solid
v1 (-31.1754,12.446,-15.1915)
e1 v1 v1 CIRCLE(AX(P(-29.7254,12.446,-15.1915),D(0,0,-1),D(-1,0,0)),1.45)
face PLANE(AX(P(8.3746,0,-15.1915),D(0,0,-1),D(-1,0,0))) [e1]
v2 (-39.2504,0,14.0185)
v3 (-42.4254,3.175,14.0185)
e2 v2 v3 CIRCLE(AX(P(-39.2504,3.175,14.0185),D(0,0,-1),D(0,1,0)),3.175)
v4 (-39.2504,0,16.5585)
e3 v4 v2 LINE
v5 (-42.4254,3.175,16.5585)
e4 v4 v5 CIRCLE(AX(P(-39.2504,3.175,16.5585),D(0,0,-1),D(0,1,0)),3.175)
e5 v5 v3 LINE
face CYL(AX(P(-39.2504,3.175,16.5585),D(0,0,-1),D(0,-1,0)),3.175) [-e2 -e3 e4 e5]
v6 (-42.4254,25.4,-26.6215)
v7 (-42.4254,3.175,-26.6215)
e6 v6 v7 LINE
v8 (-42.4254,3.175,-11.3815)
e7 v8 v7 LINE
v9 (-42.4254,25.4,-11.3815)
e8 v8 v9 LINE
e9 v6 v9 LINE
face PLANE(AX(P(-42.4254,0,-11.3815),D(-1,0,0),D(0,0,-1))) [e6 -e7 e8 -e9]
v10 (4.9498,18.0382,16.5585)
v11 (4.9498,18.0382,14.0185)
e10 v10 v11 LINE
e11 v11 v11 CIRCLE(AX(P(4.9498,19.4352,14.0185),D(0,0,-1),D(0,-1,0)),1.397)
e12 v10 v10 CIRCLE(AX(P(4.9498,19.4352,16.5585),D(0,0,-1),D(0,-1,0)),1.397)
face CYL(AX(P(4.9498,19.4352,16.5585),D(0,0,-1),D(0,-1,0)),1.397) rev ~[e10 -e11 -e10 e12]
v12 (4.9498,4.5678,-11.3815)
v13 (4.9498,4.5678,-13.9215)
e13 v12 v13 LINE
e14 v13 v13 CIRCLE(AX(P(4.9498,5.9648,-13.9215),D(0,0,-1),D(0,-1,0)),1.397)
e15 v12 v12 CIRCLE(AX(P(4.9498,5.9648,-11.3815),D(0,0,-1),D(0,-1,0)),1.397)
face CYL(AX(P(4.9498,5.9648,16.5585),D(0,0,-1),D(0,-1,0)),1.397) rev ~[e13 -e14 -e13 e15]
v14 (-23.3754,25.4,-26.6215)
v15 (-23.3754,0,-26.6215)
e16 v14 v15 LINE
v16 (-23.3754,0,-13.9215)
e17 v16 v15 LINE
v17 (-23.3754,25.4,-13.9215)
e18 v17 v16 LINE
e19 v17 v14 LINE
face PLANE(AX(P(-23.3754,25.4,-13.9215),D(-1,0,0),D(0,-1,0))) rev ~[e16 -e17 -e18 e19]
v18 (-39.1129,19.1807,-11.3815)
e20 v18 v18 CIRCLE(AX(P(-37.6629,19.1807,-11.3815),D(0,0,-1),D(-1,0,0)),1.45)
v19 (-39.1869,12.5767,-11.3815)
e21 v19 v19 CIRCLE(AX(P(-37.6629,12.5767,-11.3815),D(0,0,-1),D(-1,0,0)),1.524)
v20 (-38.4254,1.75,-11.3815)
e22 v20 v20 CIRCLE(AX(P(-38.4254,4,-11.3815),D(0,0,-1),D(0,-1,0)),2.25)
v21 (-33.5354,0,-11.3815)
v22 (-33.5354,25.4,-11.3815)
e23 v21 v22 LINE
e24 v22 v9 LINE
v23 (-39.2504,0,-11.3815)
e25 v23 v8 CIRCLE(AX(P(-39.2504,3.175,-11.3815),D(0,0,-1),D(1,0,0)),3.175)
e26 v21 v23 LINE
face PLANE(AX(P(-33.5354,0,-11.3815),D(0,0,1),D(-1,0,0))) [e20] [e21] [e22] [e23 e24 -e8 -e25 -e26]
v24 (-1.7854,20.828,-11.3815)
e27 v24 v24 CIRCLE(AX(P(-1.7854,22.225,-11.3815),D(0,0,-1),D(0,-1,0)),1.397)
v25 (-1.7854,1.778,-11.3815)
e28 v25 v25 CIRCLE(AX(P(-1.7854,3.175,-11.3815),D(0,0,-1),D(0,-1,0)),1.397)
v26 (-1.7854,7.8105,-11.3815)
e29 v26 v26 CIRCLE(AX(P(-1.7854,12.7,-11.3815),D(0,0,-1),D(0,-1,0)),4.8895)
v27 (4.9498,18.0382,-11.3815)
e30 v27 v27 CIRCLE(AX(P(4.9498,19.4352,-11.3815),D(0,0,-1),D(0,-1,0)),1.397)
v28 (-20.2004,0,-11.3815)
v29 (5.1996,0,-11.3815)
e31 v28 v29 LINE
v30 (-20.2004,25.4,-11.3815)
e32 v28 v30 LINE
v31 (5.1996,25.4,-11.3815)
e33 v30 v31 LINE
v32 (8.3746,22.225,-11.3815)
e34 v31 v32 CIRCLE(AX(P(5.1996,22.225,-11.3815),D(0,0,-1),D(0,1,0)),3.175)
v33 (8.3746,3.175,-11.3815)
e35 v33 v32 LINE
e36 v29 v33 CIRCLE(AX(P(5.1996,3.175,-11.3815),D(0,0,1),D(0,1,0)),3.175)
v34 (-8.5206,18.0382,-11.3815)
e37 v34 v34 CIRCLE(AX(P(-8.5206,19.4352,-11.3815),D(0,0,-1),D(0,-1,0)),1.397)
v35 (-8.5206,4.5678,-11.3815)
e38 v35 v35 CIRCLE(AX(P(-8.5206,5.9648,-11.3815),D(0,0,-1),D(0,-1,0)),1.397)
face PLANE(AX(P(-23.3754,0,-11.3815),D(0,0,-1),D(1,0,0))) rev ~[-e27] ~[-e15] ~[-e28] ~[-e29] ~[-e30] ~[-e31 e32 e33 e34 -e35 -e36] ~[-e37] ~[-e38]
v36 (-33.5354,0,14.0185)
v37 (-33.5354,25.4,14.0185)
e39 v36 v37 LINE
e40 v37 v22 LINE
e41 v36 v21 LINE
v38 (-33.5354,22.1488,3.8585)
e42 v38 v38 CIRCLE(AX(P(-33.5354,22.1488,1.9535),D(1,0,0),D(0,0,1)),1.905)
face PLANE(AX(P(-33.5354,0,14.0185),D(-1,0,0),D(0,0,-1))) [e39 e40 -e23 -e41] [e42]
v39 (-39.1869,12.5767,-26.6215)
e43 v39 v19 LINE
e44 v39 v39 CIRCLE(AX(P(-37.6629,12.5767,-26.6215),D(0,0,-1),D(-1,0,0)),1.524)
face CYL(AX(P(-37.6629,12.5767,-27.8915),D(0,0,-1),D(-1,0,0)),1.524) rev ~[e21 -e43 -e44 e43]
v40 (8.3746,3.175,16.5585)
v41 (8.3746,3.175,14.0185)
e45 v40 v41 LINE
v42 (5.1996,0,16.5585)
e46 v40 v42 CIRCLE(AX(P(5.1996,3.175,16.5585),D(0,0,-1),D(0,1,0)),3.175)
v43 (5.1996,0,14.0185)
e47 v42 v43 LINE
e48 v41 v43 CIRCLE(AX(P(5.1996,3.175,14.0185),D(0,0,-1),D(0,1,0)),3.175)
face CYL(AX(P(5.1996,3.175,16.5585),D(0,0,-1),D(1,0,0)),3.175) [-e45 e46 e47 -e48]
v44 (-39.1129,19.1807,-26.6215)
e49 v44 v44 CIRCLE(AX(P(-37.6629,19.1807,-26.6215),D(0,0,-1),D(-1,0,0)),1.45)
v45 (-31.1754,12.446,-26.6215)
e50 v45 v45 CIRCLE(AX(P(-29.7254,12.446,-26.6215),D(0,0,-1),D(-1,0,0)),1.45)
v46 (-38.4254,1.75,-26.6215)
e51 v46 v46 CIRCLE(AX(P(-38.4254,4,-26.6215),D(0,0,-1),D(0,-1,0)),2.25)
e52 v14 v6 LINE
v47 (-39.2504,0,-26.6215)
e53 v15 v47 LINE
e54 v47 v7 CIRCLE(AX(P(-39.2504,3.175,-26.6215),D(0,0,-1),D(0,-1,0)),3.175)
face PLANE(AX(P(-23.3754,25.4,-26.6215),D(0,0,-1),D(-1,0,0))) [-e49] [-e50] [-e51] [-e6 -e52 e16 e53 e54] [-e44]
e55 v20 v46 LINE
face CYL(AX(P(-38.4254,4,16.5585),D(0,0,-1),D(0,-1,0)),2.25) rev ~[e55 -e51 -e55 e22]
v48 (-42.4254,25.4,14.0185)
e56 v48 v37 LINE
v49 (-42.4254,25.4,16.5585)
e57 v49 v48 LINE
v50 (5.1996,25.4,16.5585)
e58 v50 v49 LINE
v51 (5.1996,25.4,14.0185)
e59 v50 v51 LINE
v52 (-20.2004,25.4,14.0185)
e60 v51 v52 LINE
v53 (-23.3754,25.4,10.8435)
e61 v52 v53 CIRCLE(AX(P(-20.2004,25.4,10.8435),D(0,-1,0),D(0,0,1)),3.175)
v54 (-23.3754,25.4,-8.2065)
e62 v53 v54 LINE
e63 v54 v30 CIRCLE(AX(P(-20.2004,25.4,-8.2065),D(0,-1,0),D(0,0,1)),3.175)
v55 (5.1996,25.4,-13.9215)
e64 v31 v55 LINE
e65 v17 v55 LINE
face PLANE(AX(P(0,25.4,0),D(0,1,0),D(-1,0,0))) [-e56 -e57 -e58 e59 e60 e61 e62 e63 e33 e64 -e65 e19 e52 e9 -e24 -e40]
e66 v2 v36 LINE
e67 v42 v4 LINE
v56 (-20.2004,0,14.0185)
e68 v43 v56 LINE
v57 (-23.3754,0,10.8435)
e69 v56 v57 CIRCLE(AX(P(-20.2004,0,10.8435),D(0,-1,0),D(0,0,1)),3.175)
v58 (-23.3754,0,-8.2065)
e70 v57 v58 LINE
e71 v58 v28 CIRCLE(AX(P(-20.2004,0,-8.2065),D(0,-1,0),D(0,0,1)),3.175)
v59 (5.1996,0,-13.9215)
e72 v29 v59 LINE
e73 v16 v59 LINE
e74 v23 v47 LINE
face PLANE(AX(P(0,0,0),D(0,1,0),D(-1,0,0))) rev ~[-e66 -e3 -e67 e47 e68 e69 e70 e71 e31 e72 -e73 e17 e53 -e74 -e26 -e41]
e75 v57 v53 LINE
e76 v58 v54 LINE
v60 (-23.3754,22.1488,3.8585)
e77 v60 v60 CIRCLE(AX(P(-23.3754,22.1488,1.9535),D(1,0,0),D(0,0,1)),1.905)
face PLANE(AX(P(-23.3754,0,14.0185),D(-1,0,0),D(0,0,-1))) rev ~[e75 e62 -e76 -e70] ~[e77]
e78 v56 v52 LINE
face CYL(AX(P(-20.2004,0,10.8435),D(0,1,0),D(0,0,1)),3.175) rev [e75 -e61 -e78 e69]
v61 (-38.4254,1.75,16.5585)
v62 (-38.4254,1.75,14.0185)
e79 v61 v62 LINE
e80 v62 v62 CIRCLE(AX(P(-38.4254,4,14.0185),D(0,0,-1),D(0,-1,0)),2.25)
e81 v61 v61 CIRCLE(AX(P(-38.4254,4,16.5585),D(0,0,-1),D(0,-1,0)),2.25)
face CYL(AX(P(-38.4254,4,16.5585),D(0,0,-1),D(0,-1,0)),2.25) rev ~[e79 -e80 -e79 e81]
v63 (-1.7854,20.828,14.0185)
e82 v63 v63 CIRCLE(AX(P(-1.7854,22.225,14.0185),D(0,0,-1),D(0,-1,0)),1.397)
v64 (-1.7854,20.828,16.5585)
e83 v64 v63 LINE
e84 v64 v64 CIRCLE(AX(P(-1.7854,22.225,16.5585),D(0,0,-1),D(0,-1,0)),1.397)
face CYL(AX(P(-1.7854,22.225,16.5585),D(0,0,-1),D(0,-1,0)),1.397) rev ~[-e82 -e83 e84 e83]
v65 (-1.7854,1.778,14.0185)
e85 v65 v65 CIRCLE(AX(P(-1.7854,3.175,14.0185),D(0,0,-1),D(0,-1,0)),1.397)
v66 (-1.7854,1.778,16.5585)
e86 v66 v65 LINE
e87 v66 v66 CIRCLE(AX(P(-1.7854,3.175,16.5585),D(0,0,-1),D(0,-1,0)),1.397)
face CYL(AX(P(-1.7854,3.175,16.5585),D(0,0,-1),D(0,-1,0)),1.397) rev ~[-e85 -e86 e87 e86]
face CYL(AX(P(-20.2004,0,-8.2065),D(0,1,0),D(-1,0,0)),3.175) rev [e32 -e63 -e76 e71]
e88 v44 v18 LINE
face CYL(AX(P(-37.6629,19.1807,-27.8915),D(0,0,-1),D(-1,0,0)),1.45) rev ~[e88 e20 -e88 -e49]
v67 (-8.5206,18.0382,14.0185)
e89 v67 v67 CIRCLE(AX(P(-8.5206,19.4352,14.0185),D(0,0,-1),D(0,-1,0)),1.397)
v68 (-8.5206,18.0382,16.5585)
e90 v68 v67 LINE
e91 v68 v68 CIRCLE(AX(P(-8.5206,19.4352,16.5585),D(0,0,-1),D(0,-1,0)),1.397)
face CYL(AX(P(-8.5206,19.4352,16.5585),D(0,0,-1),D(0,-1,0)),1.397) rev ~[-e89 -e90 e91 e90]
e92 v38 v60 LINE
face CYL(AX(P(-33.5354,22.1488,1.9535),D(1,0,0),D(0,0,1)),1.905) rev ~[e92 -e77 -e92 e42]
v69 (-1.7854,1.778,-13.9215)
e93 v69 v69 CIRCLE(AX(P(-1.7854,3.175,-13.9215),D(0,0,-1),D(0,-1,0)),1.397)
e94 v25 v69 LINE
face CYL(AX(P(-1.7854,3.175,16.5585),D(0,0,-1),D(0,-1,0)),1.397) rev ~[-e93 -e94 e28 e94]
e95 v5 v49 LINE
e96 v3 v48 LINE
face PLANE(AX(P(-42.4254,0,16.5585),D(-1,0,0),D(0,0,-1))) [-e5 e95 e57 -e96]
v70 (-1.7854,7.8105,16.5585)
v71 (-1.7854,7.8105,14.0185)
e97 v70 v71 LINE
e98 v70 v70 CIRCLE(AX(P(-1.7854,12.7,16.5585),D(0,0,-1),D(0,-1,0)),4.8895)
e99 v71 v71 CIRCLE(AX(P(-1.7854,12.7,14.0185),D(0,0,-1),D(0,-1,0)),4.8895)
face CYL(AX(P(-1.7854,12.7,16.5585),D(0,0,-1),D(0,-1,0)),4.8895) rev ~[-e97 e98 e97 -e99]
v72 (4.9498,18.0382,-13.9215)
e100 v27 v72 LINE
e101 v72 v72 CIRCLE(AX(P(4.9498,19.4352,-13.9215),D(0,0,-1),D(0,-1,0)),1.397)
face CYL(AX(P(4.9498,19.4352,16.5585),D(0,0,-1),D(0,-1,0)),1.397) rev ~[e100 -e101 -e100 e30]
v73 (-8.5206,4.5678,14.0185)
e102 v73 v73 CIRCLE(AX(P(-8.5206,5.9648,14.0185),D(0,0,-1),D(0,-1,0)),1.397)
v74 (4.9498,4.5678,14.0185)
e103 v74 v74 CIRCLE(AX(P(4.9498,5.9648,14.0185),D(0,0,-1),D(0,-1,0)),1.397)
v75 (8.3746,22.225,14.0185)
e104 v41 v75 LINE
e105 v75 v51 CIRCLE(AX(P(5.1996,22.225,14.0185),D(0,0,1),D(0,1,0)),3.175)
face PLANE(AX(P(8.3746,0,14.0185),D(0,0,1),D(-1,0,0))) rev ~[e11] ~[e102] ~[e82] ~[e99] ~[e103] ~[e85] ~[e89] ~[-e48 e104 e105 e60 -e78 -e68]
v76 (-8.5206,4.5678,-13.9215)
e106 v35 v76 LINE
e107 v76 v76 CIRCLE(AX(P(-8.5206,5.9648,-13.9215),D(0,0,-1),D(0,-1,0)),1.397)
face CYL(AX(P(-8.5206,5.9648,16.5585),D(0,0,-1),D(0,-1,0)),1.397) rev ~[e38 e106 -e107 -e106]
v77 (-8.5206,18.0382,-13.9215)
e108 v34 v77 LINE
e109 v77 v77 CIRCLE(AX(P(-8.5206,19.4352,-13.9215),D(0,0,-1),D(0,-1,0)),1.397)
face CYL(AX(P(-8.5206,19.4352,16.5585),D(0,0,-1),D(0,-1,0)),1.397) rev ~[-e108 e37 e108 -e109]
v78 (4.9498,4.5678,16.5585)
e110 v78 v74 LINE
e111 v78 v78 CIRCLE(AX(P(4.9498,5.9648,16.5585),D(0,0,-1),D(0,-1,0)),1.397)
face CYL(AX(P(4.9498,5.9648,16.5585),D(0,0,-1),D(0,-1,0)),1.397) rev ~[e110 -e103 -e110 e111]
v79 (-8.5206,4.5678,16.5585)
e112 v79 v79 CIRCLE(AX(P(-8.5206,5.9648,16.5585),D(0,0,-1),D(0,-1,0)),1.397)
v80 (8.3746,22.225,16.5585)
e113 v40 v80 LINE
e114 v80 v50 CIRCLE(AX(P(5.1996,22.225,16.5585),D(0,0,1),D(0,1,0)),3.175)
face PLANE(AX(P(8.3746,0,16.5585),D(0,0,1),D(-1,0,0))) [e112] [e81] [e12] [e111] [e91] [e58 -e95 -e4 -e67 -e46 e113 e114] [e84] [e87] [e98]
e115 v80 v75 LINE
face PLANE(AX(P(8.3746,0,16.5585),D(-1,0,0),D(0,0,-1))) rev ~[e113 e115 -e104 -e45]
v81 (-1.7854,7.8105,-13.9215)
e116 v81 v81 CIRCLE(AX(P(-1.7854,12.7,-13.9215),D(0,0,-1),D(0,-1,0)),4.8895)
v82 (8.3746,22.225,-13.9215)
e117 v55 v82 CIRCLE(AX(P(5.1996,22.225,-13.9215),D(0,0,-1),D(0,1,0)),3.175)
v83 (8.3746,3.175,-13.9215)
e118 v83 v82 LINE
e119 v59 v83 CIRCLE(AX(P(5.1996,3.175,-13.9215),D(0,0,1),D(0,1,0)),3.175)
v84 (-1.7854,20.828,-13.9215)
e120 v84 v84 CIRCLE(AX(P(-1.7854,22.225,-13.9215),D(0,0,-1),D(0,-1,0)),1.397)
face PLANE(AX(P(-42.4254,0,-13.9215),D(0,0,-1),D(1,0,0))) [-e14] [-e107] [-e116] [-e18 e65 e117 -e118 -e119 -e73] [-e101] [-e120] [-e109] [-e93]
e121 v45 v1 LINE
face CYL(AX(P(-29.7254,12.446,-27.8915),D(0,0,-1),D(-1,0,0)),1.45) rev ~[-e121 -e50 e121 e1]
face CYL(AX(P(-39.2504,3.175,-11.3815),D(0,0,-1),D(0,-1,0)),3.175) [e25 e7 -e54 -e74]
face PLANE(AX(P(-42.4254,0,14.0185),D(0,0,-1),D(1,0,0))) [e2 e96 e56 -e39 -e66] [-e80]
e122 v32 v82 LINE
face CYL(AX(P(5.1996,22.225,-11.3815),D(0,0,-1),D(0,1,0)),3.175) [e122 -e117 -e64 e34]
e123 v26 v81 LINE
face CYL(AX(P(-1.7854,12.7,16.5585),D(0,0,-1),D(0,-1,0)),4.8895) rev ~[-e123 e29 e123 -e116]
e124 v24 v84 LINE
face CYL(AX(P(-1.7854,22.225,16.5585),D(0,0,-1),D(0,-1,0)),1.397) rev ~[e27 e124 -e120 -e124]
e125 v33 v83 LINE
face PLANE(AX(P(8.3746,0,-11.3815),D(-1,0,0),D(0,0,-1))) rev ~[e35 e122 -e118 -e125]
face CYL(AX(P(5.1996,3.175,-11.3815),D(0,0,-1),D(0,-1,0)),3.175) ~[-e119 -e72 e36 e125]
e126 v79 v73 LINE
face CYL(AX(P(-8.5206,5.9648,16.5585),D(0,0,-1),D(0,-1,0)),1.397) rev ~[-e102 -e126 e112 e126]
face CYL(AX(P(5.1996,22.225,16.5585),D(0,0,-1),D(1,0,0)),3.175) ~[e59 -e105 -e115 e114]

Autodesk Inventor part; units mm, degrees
ref_plane "YZ Plane" through (0, 0, 0) normal (1, 0, 0) x (0, 1, 0)
ref_plane "XZ Plane" through (0, 0, 0) normal (0, 1, 0) x (-1, 0, 0)
ref_plane "XY Plane" through (0, 0, 0) normal (0, 0, 1) x (1, 0, 0)
sketch "Sketch1" plane through (0, 0, 0) normal (0, 1, 0) x (-1, 0, 0)
  line L0 (-8.3746, 16.5585) -> (42.4254, 16.5585)
  line L1 (42.4254, 16.5585) -> (42.4254, 14.0185)
  line L2 (42.4254, 14.0185) -> (33.5354, 14.0185)
  line L3 (33.5354, 14.0185) -> (33.5354, -11.3815)
  line L4 (33.5354, -11.3815) -> (42.4254, -11.3815)
  line L5 (42.4254, -11.3815) -> (42.4254, -13.9215)
  line L6 (42.4254, -13.9215) -> (-8.3746, -13.9215)
  line L7 (-8.3746, 16.5585) -> (-8.3746, 14.0185)
  line L8 (-8.3746, 14.0185) -> (23.3754, 14.0185)
  line L9 (23.3754, 14.0185) -> (23.3754, -11.3815)
  line L10 (23.3754, -11.3815) -> (-8.3746, -11.3815)
  line L11 (-8.3746, -11.3815) -> (-8.3746, -13.9215)
  point P0 (0, 0)
  dimension "d0" = 30.48
  dimension "d1" = 2.54
  dimension "d2" = 2.54
  dimension "d4" = 2.54
  dimension "d5" = 2.54
  dimension "d6" = 8.89
  dimension "d7" = 50.8
  dimension "d8" = 31.75
extrude "Extrusion1" add sketch "Sketch1" along normal blind 25.4
sketch "Sketch4" plane through (8.3746, 0, -13.9215) normal (0, 0, -1) x (-1, 0, 0)
  line L0 (50.8, 0) -> (0, 0) projected
  line L1 (50.8, 0) -> (50.8, 25.4) projected
  line L2 (0, 25.4) -> (50.8, 25.4) projected
  line L3 (50.8, 25.4) -> (31.75, 25.4)
  line L4 (31.75, 25.4) -> (31.75, 0)
  line L5 (31.75, 0) -> (50.8, 0)
  line L6 (50.8, 0) -> (50.8, 25.4)
  point P0 (8.3746, 0)
  dimension "d56" = 19.05
extrude "Extrusion3" add sketch "Sketch4" along normal blind 13.97
sketch "Sketch5" plane through (-42.4254, 0, 16.5585) normal (0, 0, 1) x (1, 0, 0)
  line L0 (50.8, 0) -> (50.8, 25.4) projected
  line L1 (50.8, 0) -> (0, 0) projected
  point P0 (40.64, 12.7)
  dimension "d11" = 10.16
  dimension "d12" = 12.7
hole "Hole1" at (-1.7854, 12.7, 16.5585) direction (0, 0, -1) diameter 9.779 end through all
sketch "Sketch6" plane through (-42.4254, 0, 16.5585) normal (0, 0, 1) x (1, 0, 0)
  line L0 (0, 0) -> (0, 25.4) projected
  line L1 (50.8, 0) -> (0, 0) projected
  point P0 (4, 4)
  dimension "d20" = 4
  dimension "d21" = 4
hole "Hole2" at (-38.4254, 4, 16.5585) direction (0, 0, -1) diameter 4.5 end through all
sketch "Sketch2" plane through (-42.4254, 0, 16.5585) normal (0, 0, 1) x (1, 0, 0)
  circle A0 centre (40.64, 12.7) radius 4.8895 projected
  line L0 (40.64, 22.225) -> (40.64, 3.175) construction
  circle A1 centre (40.64, 12.7) radius 4.8895 construction
  line L1 (40.64, 12.7) -> (33.9048, 19.4352) construction
  line L2 (40.64, 12.7) -> (33.9048, 5.9648) construction
  line L3 (40.64, 12.7) -> (47.3752, 5.9648) construction
  line L4 (40.64, 12.7) -> (47.3752, 19.4352) construction
  point P0 (42.4254, 0)
  dimension "d29" = 9.525
  dimension "d30" = 0
  dimension "d33" = 360
  dimension "d60" = 45
  dimension "d63" = 360
hole "Hole3" at (-1.7854, 3.175, 16.5585) at (-1.7854, 22.225, 16.5585) at (-8.5206, 5.9648, 16.5585) at (-8.5206, 19.4352, 16.5585) at (4.9498, 19.4352, 16.5585) at (4.9498, 5.9648, 16.5585) direction (0, 0, -1) diameter 2.794 end through all
fillet "Fillet2" radius 3.175 8 edges at (-42.4254, 0, -19.6365) (-42.4254, 0, 15.2885) (-23.3754, 12.7, 14.0185) (-23.3754, 12.7, -11.3815) (8.3746, 0, -12.6515) (8.3746, 25.4, -12.6515) (8.3746, 25.4, 15.2885) (8.3746, 0, 15.2885)
hole "Hole4" at (-33.5354, 22.1488, 1.9535) direction (1, 0, 0) diameter 3.81 end through all
sketch "Sketch7" plane through (8.3746, 0, -27.8915) normal (0, 0, -1) x (-1, 0, 0)
  circle A0 centre (46.0375, 19.1807) radius 1.45
  circle A1 centre (46.0375, 12.5767) radius 1.524
  line L0 (50.8, 3.175) -> (50.8, 25.4) construction
  line L1 (31.75, 25.4) -> (31.75, 0) construction
  line L2 (50.8, 25.4) -> (31.75, 25.4) construction
  point P0 (8.3746, 0)
  dimension "d65" = 2.9
  dimension "d66" = 3.048
  dimension "d67" = 6.604
  dimension "d69" = 4.7625
  dimension "d71" = 6.2193
extrude "Extrusion4" cut sketch "Sketch7" against normal up to surface (16.51 mm away)
sketch "Sketch9" plane through (8.3746, 0, -27.8915) normal (0, 0, -1) x (-1, 0, 0)
  circle A0 centre (38.1, 12.446) radius 1.45
  line L0 (50.8, 25.4) -> (31.75, 25.4) projected
  line L1 (50.8, 3.175) -> (50.8, 25.4) projected
  point P0 (8.3746, 0)
  dimension "d78" = 2.9
  dimension "d79" = 12.954
  dimension "d80" = 12.7
extrude "Extrusion6" cut sketch "Sketch9" against normal blind 12.7
sketch "Sketch10" plane through (0, 25.4, 0) normal (0, 1, 0) x (1, 0, 0)
  line L0 (-42.4254, 11.3815) -> (-42.4254, 27.8915) projected
  line L1 (-23.3754, 13.9215) -> (-23.3754, 27.8915) projected
  line L2 (-42.4254, 27.8915) -> (-23.3754, 27.8915)
  line L3 (-23.3754, 27.8915) -> (-23.3754, 26.6215)
  line L4 (-23.3754, 26.6215) -> (-42.4254, 26.6215)
  line L5 (-42.4254, 26.6215) -> (-42.4254, 27.8915)
  point P0 (0, 0)
  dimension "d83" = 1.27
extrude "Extrusion7" cut sketch "Sketch10" against normal through all
equation "\"d2\" = d1"
equation "\"d4\" = d1"
equation "\"d5\" = d1"
properties part number "Odometry_Holder with guard mount" material "Gold"
